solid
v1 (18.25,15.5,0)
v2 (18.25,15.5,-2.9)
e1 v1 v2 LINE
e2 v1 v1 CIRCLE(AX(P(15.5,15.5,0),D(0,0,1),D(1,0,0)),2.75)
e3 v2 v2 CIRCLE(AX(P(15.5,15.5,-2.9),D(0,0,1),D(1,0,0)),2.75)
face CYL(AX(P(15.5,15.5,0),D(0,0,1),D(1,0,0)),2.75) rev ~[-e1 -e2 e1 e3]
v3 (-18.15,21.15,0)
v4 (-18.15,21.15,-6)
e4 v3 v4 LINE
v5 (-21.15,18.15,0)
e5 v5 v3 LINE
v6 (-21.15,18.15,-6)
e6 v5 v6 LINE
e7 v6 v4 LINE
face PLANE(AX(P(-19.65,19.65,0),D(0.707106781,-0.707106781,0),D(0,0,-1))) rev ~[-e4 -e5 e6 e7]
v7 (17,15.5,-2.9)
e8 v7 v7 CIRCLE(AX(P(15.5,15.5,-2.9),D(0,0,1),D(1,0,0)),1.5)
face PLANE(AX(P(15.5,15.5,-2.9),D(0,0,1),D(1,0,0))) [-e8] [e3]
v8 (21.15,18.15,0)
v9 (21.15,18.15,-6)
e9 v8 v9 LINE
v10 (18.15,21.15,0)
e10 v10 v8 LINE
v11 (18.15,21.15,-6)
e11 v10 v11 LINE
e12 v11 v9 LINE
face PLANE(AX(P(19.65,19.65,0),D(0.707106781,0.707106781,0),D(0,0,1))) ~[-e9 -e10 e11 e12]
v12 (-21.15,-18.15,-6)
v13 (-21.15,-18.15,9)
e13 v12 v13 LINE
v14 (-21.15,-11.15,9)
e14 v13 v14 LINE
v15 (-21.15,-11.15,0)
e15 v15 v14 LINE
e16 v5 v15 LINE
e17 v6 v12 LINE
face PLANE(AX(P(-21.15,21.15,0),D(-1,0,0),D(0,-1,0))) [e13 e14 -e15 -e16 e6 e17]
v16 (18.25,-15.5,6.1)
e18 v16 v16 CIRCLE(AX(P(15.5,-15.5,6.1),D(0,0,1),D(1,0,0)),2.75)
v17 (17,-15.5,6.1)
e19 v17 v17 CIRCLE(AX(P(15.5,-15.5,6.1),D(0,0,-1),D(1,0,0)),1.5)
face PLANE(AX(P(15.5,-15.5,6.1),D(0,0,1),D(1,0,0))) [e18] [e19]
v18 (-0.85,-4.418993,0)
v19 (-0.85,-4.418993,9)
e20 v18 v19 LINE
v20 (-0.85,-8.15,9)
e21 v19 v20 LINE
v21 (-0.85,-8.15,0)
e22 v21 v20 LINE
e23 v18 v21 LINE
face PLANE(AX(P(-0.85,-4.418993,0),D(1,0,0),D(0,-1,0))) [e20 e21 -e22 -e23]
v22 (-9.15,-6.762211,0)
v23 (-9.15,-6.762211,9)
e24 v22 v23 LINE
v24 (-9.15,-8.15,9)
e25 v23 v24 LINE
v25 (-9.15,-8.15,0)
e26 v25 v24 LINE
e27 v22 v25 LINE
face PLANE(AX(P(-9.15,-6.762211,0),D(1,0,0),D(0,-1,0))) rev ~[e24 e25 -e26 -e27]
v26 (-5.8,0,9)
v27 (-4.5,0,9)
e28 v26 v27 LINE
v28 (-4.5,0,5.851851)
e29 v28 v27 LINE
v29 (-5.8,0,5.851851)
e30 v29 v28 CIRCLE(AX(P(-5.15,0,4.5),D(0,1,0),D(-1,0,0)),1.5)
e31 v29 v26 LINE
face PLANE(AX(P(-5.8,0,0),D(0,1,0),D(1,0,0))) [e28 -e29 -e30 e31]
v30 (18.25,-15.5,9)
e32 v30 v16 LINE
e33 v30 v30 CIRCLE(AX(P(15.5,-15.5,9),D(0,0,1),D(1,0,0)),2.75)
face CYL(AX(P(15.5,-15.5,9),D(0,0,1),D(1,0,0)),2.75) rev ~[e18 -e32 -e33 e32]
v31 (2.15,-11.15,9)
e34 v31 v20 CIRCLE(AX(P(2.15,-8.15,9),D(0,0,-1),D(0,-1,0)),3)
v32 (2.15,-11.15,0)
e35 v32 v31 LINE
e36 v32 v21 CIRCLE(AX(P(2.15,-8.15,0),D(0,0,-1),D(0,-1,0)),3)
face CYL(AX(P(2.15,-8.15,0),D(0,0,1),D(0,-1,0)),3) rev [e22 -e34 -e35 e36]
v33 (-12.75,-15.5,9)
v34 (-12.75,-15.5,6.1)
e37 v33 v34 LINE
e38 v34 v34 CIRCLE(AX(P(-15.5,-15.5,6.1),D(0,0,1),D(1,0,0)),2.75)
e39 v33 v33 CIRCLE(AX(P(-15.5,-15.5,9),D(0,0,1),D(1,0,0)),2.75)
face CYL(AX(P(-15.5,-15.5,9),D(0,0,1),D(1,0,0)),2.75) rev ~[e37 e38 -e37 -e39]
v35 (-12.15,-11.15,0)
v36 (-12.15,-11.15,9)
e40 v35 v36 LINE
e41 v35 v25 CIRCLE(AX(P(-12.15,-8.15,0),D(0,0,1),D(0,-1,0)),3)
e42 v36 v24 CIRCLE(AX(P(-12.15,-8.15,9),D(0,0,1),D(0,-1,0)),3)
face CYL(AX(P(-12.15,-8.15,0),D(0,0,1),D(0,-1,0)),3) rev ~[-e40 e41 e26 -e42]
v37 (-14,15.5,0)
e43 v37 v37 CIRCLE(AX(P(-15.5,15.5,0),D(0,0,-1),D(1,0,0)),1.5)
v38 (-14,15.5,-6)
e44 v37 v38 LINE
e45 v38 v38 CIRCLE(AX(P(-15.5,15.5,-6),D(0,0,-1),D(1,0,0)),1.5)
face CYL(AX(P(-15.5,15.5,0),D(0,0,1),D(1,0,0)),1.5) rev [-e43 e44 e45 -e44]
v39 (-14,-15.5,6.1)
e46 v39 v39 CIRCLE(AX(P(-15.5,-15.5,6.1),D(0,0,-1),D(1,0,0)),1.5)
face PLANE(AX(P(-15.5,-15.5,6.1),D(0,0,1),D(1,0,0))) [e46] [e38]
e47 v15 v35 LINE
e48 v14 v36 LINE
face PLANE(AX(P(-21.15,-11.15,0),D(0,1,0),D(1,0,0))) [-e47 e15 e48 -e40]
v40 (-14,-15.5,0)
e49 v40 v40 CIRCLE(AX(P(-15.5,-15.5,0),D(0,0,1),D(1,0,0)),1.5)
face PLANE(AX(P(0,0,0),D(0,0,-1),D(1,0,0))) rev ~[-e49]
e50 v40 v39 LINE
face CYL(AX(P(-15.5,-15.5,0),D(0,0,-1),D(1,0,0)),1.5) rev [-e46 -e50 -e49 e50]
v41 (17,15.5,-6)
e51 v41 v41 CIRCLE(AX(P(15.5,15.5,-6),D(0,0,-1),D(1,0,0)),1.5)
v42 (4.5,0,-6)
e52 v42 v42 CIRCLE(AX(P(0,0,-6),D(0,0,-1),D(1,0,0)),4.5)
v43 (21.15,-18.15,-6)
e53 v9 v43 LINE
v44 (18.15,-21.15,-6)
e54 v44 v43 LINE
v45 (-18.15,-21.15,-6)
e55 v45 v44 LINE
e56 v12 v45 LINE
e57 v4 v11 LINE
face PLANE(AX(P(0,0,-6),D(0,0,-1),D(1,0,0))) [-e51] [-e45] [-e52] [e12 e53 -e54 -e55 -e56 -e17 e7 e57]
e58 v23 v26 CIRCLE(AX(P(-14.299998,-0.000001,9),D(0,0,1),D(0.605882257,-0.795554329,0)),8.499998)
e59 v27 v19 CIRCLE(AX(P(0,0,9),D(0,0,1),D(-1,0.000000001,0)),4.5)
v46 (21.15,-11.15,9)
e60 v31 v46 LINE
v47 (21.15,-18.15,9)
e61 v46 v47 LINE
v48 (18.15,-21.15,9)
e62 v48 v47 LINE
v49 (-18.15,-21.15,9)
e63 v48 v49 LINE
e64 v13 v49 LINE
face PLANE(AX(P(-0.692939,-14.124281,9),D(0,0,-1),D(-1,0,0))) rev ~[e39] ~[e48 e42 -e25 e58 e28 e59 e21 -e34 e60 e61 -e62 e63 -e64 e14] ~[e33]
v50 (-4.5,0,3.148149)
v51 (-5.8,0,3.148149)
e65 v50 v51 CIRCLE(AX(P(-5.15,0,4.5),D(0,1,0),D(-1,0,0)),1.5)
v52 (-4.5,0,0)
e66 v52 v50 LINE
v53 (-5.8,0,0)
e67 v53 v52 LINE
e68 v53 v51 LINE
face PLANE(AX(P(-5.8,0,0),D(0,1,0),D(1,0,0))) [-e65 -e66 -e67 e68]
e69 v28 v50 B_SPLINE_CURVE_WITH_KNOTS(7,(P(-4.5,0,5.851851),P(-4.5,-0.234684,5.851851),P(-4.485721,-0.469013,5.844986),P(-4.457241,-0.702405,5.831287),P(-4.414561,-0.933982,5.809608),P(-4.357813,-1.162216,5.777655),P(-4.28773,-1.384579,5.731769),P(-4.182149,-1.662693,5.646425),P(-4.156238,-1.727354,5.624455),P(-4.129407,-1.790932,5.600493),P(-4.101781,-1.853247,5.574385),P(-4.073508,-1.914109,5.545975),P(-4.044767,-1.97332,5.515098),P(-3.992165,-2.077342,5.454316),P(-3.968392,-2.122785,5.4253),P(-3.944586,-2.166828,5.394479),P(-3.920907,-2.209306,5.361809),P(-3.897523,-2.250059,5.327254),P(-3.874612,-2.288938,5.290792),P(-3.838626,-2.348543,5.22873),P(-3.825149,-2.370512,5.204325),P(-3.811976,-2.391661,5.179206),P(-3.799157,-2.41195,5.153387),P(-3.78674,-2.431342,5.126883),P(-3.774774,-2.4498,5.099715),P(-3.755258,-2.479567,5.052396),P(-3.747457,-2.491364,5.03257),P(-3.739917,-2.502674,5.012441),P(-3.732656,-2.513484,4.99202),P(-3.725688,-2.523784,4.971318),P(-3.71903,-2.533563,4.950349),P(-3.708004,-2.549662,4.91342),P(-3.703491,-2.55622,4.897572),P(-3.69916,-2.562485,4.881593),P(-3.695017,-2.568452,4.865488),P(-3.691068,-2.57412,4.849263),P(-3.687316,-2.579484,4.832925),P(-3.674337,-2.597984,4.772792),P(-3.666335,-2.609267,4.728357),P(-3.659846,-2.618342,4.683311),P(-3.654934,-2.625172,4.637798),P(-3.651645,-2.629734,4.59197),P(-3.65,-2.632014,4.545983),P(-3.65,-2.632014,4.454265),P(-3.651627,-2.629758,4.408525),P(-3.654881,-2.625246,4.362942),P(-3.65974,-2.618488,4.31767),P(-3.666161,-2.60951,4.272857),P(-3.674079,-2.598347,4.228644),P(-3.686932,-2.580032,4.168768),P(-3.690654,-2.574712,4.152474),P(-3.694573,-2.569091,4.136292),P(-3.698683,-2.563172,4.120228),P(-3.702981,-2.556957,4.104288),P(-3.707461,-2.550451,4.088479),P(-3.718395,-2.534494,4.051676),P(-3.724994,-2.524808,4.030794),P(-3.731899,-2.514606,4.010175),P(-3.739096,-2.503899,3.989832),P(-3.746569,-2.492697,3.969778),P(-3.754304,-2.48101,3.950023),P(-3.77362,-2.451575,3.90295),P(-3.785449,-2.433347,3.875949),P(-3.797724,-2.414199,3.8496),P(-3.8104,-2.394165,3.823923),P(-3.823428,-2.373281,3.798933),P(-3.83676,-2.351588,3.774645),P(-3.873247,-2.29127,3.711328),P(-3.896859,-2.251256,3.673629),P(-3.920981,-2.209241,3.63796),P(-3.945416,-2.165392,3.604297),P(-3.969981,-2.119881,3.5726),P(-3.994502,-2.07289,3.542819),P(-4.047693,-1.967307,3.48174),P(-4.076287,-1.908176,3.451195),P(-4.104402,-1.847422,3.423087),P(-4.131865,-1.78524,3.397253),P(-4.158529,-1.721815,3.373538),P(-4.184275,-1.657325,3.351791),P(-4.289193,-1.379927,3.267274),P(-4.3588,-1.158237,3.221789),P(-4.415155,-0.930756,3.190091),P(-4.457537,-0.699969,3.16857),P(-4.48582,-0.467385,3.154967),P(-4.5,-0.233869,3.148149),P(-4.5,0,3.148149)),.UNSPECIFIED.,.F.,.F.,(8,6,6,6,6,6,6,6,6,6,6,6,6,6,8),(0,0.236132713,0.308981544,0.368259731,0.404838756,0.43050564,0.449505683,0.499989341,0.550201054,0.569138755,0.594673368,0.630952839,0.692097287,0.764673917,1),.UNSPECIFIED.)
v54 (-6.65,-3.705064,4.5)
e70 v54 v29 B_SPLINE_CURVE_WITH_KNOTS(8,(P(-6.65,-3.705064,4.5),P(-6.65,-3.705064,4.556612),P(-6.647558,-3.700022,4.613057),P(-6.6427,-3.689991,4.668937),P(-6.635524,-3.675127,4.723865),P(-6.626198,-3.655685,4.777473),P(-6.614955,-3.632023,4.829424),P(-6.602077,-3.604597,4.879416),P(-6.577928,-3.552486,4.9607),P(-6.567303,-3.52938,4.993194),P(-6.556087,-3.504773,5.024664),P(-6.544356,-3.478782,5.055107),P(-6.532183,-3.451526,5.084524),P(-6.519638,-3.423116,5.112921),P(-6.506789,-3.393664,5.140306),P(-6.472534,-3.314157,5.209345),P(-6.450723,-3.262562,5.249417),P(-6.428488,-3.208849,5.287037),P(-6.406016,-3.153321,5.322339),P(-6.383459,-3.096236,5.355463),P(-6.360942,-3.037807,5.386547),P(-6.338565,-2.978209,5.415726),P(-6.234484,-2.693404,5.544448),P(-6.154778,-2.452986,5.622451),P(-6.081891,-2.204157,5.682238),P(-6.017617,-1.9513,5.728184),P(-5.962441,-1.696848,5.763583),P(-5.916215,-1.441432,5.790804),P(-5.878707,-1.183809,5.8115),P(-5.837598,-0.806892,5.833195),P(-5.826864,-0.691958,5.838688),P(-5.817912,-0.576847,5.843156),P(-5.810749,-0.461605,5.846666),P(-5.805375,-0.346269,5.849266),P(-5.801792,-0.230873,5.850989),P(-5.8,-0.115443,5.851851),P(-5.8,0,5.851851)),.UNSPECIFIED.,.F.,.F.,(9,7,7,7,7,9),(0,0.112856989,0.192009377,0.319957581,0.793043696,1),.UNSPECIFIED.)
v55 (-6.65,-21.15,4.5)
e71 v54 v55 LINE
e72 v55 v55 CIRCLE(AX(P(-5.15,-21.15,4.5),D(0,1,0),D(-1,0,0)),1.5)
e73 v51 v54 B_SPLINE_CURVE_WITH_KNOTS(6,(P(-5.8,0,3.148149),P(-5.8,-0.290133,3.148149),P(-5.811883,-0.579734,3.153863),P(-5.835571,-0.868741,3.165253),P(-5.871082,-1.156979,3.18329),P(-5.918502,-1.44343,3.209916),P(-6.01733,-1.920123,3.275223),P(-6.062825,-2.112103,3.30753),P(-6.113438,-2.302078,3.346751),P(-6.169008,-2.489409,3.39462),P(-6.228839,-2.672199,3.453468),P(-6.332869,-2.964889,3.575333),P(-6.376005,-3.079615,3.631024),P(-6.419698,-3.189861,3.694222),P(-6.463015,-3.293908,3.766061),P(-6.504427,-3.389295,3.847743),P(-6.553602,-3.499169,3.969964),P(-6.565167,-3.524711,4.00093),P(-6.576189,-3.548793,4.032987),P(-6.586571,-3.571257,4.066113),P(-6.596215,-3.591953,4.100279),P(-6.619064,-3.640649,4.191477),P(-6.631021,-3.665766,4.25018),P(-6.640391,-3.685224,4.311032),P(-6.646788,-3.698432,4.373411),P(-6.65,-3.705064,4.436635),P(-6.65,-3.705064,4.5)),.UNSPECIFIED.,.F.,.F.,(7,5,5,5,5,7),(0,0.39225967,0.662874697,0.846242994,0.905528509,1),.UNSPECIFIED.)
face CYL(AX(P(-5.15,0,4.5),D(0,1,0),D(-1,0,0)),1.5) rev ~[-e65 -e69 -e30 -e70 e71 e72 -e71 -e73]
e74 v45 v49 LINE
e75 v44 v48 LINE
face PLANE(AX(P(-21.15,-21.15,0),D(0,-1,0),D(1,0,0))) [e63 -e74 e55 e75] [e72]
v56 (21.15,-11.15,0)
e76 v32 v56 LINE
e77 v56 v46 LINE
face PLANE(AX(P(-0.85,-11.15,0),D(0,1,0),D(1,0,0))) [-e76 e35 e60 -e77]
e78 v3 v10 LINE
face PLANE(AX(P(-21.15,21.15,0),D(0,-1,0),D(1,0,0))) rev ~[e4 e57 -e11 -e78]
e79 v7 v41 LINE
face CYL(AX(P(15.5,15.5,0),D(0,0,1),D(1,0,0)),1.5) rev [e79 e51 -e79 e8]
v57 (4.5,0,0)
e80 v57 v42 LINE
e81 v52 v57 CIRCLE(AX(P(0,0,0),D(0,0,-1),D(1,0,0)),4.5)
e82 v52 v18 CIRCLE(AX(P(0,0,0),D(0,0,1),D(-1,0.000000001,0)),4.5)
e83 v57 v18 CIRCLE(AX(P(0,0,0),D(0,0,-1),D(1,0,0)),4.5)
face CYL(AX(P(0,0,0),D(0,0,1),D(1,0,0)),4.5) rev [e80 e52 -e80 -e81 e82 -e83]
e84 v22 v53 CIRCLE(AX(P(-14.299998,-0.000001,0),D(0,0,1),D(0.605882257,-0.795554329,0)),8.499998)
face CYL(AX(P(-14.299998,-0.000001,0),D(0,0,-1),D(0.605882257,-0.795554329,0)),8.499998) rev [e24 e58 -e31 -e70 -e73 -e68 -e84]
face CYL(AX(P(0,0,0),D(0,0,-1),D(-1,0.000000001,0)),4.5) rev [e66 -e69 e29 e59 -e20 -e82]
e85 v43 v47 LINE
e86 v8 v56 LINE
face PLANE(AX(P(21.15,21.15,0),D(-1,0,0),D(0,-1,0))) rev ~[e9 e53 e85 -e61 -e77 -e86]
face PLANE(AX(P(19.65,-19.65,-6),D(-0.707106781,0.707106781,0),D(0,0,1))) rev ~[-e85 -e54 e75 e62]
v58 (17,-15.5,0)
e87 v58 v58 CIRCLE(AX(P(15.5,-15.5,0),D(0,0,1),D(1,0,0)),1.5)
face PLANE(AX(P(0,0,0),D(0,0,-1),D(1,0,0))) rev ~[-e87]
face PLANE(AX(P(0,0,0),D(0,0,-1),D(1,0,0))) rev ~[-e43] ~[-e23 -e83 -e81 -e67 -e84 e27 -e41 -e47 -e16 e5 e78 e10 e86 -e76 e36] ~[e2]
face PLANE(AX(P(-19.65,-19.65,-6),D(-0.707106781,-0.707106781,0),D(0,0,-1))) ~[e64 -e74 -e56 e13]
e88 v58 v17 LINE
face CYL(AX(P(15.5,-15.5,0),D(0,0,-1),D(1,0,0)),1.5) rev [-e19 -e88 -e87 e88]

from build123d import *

# Parameters (mm, degrees)
SKETCH_R        = 1.5
PAD_DEPTH       = 9
FILLET_R        = 3
SKETCH001_W     = 42.3
SKETCH001_H     = 42.3
SKETCH001_R     = 1.5
SKETCH001_R_2   = 4.5
PAD001_DEPTH    = 6
SKETCH002_R     = 1.5
POCKET_DEPTH    = 21.15
CHAMFER_SIZE    = 3
SKETCH003_R     = 2.75
POCKET001_DEPTH = 2.9
SKETCH004_R     = 2.75
POCKET002_DEPTH = 2.9


with BuildPart() as part:
    # Sketch → Pad (new body)
    with BuildSketch(Plane.XY):
        with BuildLine():
            Line((-21.15, -11.15), (-9.15, -11.15))
            Line((-9.15, -6.762211), (-9.15, -11.15))
            ThreePointArc((-9.15, -6.762211), (-6.683406, -3.773261), (-5.8, 0))
            Line((-5.8, 0), (-4.5, 0))
            ThreePointArc((-4.5, 0), (-3.46951, -2.865746), (-0.85, -4.418993))
            Line((-0.85, -4.418993), (-0.85, -11.15))
            Line((-0.85, -11.15), (21.15, -11.15))
            Line((21.15, -11.15), (21.15, -21.15))
            Line((21.15, -21.15), (-21.15, -21.15))
            Line((-21.15, -21.15), (-21.15, -11.15))
        make_face()
        with Locations((-15.5, -15.5)):
            Circle(SKETCH_R, mode=Mode.SUBTRACT)
        with Locations((15.5, -15.5)):
            Circle(SKETCH_R, mode=Mode.SUBTRACT)
    extrude(amount=PAD_DEPTH)

    # Fillet
    fillet_edges = [part.edges().sort_by_distance(p)[0] for p in [
        (-9.15, -11.15, 4.5),
        (-0.85, -11.15, 4.5),
    ]]
    fillet(fillet_edges, radius=FILLET_R)

    # Sketch001 → Pad001 (new body)
    with BuildSketch(Plane(origin=(0, 0, 0), x_dir=(1, 0, 0), z_dir=(0, 0, -1))):
        Rectangle(SKETCH001_W, SKETCH001_H)
        with Locations((15.5, -15.5)):
            Circle(SKETCH001_R, mode=Mode.SUBTRACT)
        with Locations((-15.5, -15.5)):
            Circle(SKETCH001_R, mode=Mode.SUBTRACT)
        Circle(SKETCH001_R_2, mode=Mode.SUBTRACT)
    extrude(amount=PAD001_DEPTH)

    # Sketch002 → Pocket (cut)
    with BuildSketch(Plane(origin=(0, 0, 0), x_dir=(-1, 0, 0), z_dir=(0, 1, 0))):
        with Locations((5.15, 4.5)):
            Circle(SKETCH002_R)
    extrude(amount=-POCKET_DEPTH, mode=Mode.SUBTRACT)

    # Chamfer
    chamfer_edges = [part.edges().sort_by_distance(p)[0] for p in [
        (-21.15, 21.15, -3),
        (-21.15, -21.15, -3),
        (21.15, -21.15, -3),
        (21.15, 21.15, -3),
    ]]
    chamfer(chamfer_edges, length=CHAMFER_SIZE)

    # Sketch003 → Pocket001 (cut)
    with BuildSketch(Plane.XY.offset(9)):
        with Locations((15.5, -15.5)):
            Circle(SKETCH003_R)
        with Locations((-15.5, -15.5)):
            Circle(SKETCH003_R)
    extrude(amount=-POCKET001_DEPTH, mode=Mode.SUBTRACT)

    # Sketch004 → Pocket002 (cut)
    with BuildSketch(Plane.XY):
        with Locations((15.5, 15.5)):
            Circle(SKETCH004_R)
    extrude(amount=-POCKET002_DEPTH, mode=Mode.SUBTRACT)


solid = part.part
